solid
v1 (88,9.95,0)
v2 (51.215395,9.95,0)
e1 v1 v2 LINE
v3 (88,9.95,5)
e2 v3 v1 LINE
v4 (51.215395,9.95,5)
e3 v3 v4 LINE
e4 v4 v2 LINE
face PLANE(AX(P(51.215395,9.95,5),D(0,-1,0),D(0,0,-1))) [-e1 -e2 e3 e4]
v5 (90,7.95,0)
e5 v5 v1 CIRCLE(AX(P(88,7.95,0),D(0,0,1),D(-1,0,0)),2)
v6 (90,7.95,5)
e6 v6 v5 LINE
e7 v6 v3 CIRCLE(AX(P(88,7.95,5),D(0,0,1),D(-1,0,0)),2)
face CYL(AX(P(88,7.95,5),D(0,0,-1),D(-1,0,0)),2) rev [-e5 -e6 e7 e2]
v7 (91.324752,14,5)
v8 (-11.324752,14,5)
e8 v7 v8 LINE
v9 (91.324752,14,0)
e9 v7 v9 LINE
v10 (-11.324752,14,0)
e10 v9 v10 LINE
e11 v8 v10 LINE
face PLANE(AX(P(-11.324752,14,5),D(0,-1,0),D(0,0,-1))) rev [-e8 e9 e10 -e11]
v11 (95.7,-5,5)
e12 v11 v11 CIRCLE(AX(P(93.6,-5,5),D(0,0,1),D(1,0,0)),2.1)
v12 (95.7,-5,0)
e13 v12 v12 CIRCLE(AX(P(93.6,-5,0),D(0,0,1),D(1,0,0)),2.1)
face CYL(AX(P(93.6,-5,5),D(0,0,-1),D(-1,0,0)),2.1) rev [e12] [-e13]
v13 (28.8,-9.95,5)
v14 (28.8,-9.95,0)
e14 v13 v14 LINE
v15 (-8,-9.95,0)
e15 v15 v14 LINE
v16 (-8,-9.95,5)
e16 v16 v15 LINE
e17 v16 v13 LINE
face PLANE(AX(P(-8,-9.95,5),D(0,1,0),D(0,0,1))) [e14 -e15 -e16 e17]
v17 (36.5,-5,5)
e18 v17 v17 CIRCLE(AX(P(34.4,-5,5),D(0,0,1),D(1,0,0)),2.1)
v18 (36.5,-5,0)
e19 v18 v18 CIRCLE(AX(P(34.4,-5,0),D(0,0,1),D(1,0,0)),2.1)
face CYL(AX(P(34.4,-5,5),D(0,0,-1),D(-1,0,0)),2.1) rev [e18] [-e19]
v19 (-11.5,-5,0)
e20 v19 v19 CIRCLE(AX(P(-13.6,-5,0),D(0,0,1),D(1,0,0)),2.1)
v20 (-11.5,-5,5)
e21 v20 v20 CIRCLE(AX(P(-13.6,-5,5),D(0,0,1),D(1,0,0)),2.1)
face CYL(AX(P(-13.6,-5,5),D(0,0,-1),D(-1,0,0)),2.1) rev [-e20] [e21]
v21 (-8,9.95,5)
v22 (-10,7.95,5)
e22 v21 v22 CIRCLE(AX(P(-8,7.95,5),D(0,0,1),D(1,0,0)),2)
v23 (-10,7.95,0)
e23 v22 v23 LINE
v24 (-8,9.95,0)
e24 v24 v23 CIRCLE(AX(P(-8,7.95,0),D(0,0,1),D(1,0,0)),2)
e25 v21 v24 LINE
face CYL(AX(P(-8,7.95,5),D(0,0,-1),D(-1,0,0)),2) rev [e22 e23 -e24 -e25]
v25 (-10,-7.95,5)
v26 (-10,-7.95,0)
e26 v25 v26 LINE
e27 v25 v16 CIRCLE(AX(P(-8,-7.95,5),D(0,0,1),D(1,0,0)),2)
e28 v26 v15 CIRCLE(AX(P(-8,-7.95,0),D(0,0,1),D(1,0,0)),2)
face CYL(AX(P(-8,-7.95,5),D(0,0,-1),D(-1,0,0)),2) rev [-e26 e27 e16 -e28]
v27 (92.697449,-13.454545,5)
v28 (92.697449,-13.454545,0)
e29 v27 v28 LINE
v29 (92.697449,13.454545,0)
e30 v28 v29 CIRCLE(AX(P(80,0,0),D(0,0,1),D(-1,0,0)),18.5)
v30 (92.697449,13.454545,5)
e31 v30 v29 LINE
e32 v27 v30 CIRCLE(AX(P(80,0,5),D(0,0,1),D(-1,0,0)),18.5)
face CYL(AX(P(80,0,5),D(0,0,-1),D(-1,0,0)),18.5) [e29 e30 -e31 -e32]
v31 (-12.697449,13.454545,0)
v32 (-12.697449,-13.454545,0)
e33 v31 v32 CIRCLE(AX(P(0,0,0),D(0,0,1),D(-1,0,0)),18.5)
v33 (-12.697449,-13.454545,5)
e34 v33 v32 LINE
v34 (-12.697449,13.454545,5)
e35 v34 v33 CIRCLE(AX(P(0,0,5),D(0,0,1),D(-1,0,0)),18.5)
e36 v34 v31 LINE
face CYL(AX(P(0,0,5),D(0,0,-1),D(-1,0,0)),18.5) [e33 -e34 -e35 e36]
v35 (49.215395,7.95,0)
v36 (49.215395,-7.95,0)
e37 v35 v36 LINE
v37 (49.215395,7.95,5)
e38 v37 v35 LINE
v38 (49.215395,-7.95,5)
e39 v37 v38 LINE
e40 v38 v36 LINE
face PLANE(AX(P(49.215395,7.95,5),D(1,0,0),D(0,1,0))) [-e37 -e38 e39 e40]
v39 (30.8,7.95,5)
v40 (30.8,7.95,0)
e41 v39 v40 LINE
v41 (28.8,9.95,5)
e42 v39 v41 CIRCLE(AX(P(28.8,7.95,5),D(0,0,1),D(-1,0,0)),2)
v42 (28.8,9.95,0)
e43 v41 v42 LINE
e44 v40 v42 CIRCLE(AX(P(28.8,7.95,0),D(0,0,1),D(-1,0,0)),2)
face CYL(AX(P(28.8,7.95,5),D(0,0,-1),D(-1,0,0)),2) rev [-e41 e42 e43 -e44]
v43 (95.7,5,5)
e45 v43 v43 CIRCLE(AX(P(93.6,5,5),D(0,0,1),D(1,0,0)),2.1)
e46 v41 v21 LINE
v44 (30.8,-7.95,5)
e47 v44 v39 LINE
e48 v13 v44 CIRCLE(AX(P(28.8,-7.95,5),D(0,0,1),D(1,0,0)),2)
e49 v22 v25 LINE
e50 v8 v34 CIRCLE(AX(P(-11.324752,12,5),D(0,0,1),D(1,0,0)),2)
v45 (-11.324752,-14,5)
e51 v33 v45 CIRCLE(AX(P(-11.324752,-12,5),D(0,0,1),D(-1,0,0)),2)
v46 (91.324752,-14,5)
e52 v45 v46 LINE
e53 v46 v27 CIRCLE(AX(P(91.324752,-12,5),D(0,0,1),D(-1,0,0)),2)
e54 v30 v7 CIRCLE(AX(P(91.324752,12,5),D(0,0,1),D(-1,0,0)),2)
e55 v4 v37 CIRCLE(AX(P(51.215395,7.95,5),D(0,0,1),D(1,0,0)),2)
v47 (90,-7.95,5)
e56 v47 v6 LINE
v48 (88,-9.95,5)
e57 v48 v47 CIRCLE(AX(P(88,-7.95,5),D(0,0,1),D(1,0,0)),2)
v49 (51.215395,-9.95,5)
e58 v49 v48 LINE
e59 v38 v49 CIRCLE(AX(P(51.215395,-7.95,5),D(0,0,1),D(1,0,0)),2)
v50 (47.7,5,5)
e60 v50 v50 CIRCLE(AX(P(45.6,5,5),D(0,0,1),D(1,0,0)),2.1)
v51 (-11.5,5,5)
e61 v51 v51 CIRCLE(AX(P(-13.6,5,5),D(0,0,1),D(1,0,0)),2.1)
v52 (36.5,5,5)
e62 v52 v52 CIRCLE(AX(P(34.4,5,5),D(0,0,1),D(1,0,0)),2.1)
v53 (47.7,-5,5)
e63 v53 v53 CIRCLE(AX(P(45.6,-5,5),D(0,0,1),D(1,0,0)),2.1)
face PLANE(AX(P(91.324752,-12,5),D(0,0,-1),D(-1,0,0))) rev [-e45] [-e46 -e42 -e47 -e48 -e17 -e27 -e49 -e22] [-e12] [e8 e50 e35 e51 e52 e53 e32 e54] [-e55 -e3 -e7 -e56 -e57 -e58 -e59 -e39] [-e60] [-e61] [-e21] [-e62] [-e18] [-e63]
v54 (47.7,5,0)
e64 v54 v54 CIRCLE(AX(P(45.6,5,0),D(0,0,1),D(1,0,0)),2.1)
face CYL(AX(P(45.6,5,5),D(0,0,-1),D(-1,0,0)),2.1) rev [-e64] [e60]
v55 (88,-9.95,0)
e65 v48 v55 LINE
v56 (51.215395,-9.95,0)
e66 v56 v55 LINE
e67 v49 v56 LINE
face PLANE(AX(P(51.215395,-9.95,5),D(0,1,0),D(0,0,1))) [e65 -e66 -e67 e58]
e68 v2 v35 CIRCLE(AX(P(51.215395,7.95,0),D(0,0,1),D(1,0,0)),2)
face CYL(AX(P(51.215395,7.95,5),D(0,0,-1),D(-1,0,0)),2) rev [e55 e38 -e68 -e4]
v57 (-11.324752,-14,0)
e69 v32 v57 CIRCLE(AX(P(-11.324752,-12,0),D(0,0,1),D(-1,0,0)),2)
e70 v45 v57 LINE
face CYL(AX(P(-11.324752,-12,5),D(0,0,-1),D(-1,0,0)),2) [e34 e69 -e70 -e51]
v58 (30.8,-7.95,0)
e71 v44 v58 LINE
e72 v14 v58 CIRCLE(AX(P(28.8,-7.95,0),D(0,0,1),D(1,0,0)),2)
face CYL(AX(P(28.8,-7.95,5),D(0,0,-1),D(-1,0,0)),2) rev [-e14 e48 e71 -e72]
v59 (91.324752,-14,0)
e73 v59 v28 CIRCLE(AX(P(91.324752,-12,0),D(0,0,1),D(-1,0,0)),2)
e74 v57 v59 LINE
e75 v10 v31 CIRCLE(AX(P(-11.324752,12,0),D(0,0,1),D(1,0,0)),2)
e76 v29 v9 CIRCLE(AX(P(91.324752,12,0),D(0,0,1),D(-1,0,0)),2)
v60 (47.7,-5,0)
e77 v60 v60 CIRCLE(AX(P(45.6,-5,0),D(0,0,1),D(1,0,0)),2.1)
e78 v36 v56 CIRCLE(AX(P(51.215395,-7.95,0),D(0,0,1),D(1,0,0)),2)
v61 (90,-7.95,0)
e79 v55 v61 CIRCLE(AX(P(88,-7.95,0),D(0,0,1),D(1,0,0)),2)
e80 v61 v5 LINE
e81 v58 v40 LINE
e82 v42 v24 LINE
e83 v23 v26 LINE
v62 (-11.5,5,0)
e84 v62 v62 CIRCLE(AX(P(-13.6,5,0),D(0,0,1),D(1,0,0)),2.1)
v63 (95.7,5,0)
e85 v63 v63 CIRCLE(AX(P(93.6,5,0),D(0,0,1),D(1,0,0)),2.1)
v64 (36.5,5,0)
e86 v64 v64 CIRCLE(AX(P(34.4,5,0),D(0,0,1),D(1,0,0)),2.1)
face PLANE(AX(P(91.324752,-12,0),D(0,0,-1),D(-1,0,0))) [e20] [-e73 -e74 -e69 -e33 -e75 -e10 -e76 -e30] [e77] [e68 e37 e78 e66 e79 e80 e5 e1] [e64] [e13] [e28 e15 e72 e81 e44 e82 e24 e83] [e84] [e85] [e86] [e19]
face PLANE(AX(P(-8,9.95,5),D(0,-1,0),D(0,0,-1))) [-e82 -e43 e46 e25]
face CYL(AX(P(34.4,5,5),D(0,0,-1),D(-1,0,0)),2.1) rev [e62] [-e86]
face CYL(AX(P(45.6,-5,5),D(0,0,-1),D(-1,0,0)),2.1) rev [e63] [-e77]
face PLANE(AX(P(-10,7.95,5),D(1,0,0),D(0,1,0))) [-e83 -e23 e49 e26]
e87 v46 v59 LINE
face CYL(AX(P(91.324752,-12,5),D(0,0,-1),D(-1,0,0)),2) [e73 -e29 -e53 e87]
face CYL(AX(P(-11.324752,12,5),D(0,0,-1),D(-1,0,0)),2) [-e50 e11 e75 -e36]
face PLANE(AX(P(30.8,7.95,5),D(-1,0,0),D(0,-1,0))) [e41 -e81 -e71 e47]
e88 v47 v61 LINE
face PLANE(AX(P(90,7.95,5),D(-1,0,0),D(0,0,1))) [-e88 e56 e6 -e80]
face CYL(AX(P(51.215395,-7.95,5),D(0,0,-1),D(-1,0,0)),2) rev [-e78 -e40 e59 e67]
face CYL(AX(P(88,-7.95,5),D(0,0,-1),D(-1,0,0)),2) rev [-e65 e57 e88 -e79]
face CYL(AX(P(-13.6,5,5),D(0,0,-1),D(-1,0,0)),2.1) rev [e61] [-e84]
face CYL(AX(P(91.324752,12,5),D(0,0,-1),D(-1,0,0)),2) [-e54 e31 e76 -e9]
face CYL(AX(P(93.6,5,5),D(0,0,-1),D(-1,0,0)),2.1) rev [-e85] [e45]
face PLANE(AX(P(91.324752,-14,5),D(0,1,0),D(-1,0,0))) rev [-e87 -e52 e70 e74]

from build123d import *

# Parameters (mm, degrees)
EXTRUSION1_DEPTH        = 5
ESQUISSE2_R             = 2.1
ENL_V_MAT_EXTRU_1_DEPTH = 100.61551084


with BuildPart() as part:
    # Esquisse1 → Extrusion1 (new body)
    with BuildSketch(Plane.XY):
        with BuildLine():
            Line((-11.324751653, 14), (91.324751653, 14))
            ThreePointArc((91.324751653, 14), (92.063300599, 13.858640755), (92.697448823, 13.454545455))
            ThreePointArc((92.697448823, 13.454545455), (98.5, 0), (92.697448823, -13.454545455))
            ThreePointArc((92.697448823, -13.454545455), (92.063300599, -13.858640755), (91.324751653, -14))
            Line((91.324751653, -14), (-11.324751653, -14))
            ThreePointArc((-11.324751653, -14), (-12.063300599, -13.858640755), (-12.697448823, -13.454545455))
            ThreePointArc((-12.697448823, -13.454545455), (-18.5, 0), (-12.697448823, 13.454545455))
            ThreePointArc((-12.697448823, 13.454545455), (-12.063300599, 13.858640755), (-11.324751653, 14))
        make_face()
        with BuildLine():
            Line((51.215395011, 9.95), (88, 9.95))
            ThreePointArc((88, 9.95), (89.414213562, 9.364213562), (90, 7.95))
            Line((90, 7.95), (90, -7.95))
            ThreePointArc((90, -7.95), (89.414213562, -9.364213562), (88, -9.95))
            Line((88, -9.95), (51.215395011, -9.95))
            ThreePointArc((51.215395011, -9.95), (49.801181448, -9.364213562), (49.215395011, -7.95))
            Line((49.215395011, -7.95), (49.215395011, 7.95))
            ThreePointArc((49.215395011, 7.95), (49.801181448, 9.364213562), (51.215395011, 9.95))
        make_face(mode=Mode.SUBTRACT)
        with BuildLine():
            Line((-8, 9.95), (28.8, 9.95))
            ThreePointArc((28.8, 9.95), (30.214213562, 9.364213562), (30.8, 7.95))
            Line((30.8, 7.95), (30.8, -7.95))
            ThreePointArc((30.8, -7.95), (30.214213562, -9.364213562), (28.8, -9.95))
            Line((28.8, -9.95), (-8, -9.95))
            ThreePointArc((-8, -9.95), (-9.414213562, -9.364213562), (-10, -7.95))
            Line((-10, -7.95), (-10, 7.95))
            ThreePointArc((-10, 7.95), (-9.414213562, 9.364213562), (-8, 9.95))
        make_face(mode=Mode.SUBTRACT)
    extrude(amount=EXTRUSION1_DEPTH)

    # Esquisse2 → Enlèv. mat.-Extru.1 (cut, through all)
    with BuildSketch(Plane.XY):
        with Locations((-13.6, 5)):
            Circle(ESQUISSE2_R)
        with Locations((45.6, -5)):
            Circle(ESQUISSE2_R)
        with Locations((34.4, 5)):
            Circle(ESQUISSE2_R)
        with Locations((-13.6, -5)):
            Circle(ESQUISSE2_R)
        with Locations((93.6, 5)):
            Circle(ESQUISSE2_R)
        with Locations((93.6, -5)):
            Circle(ESQUISSE2_R)
        with Locations((45.6, 5)):
            Circle(ESQUISSE2_R)
        with Locations((34.4, -5)):
            Circle(ESQUISSE2_R)
    extrude(amount=ENL_V_MAT_EXTRU_1_DEPTH, mode=Mode.SUBTRACT)


solid = part.part
